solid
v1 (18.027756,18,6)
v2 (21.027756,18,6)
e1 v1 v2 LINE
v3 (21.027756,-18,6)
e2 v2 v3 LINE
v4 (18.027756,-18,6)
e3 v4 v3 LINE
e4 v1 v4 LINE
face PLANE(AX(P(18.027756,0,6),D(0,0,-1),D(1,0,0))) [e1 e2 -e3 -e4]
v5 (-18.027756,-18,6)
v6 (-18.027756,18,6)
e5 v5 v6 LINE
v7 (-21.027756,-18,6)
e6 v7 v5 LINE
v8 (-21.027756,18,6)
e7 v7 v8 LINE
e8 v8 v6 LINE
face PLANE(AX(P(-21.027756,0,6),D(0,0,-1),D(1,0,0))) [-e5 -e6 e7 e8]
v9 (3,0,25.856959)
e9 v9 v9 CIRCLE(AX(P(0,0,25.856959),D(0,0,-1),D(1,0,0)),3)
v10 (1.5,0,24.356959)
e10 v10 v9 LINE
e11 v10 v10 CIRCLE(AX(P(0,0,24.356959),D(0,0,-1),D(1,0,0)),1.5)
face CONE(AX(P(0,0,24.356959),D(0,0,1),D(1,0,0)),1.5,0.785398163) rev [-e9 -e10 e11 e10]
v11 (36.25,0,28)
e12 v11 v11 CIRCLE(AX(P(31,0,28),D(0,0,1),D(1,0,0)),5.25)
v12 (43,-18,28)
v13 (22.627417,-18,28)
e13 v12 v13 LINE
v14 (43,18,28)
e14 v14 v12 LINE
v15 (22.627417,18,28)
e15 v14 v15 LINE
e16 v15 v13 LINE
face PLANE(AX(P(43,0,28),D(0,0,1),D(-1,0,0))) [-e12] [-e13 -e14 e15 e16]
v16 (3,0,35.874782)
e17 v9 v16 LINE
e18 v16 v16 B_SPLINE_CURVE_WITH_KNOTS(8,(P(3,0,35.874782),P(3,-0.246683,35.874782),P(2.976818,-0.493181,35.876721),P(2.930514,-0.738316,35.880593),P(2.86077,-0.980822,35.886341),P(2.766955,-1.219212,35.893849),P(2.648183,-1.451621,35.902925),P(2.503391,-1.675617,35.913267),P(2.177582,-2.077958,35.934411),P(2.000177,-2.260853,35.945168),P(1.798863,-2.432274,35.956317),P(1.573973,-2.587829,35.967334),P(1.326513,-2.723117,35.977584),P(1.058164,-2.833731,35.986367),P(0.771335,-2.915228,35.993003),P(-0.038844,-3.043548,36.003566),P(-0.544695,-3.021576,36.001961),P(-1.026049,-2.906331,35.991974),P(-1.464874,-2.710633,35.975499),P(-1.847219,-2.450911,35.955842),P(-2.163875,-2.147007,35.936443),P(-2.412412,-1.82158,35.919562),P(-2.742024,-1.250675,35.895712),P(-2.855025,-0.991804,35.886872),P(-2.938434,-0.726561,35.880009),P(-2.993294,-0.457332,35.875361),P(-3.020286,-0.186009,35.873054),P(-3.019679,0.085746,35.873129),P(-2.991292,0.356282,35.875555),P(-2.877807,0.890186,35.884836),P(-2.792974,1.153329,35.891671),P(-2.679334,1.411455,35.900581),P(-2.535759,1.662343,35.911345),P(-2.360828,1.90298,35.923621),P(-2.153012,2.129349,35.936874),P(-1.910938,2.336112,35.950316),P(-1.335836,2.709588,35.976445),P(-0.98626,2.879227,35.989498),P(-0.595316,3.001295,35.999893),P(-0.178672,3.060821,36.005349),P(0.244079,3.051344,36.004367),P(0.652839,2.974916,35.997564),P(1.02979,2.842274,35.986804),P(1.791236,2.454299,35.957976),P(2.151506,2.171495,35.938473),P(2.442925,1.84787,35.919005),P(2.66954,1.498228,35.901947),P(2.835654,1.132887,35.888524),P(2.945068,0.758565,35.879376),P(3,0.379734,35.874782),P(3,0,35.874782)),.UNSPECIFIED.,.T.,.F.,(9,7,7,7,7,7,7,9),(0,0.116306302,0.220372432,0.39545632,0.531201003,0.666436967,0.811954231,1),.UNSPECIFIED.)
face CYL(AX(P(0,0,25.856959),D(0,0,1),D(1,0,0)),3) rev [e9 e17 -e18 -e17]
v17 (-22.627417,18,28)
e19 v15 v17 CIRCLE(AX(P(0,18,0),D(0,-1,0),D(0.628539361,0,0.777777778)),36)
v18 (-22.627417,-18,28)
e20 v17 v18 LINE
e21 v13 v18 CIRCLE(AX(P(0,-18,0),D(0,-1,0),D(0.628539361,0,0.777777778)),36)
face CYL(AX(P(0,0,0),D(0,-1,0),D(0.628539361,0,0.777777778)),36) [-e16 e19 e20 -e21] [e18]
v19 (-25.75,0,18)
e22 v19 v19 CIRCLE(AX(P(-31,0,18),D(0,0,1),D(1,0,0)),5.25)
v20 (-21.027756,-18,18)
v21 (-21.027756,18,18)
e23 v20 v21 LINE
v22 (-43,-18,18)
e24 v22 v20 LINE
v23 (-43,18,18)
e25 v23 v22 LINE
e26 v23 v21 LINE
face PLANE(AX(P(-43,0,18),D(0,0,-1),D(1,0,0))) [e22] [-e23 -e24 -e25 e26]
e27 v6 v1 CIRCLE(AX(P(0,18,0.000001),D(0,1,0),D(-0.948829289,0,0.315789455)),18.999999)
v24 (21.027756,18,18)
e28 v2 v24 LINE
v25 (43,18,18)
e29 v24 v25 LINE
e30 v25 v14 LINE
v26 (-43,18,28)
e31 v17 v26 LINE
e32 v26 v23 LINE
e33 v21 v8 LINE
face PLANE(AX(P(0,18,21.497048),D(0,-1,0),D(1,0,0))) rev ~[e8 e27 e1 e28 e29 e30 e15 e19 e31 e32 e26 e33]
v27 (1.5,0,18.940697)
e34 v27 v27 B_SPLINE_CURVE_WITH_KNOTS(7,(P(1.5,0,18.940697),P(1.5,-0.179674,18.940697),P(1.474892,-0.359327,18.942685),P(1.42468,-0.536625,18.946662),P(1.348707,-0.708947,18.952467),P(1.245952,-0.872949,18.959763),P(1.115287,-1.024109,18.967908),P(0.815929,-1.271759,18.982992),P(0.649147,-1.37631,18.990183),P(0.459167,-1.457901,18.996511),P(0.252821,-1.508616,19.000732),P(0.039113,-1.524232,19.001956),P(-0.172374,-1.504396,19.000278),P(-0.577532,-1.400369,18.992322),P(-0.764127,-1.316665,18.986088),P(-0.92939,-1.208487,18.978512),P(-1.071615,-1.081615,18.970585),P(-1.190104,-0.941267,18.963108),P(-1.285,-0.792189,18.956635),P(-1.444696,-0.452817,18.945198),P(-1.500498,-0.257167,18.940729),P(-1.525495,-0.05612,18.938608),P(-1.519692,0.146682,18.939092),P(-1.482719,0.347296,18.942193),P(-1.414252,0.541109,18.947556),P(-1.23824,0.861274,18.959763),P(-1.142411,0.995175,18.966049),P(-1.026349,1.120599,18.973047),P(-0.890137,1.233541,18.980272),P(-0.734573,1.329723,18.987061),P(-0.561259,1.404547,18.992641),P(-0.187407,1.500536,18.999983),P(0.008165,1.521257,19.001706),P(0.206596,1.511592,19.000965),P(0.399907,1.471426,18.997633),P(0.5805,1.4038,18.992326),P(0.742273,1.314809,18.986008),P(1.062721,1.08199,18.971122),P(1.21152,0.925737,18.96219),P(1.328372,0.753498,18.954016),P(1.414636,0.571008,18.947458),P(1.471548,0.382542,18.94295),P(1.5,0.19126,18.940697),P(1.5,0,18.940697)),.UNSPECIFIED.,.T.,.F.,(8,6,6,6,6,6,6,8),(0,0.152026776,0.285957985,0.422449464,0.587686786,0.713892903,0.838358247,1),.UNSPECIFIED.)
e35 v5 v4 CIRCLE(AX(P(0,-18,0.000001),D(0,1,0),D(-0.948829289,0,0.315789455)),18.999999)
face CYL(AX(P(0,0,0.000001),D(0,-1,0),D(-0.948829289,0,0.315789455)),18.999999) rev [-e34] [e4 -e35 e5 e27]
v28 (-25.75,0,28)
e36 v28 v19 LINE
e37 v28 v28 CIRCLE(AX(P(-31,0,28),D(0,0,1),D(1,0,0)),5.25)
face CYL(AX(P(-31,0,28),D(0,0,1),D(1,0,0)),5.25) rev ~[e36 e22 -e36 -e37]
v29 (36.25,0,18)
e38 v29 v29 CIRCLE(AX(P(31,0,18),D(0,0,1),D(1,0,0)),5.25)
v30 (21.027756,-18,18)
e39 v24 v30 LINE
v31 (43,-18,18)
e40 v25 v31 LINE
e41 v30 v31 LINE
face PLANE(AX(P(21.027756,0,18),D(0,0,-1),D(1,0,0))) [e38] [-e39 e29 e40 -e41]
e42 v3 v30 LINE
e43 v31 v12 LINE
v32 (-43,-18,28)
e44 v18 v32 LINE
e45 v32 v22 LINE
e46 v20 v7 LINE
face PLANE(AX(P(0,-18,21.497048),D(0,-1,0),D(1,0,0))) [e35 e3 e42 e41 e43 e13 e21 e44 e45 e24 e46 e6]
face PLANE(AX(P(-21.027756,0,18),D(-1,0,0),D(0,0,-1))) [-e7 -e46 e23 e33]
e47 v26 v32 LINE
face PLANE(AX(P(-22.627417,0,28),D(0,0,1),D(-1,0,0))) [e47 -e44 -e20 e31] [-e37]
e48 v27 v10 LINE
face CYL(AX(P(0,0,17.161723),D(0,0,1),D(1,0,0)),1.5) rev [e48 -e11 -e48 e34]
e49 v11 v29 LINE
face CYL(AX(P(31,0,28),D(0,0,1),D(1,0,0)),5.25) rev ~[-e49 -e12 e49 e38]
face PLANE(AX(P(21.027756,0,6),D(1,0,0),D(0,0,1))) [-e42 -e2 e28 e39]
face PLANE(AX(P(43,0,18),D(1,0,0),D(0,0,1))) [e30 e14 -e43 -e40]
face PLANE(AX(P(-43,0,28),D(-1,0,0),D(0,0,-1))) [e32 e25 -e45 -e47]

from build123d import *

# Parameters (mm, degrees)
F1_DEPTH = 18
F2_R     = 5.25
F3_DEPTH = 25


with BuildPart() as f1:
    # F0 (on Front) → F1 (new body, symmetric)
    with BuildSketch(Plane.XZ):
        with BuildLine():
            ThreePointArc((-18.027756, 6), (0, 19), (18.027756, 6))
            Line((18.027756, 6), (21.027756, 6))
            Line((21.027756, 6), (21.027756, 18))
            Line((21.027756, 18), (43, 18))
            Line((43, 18), (43, 28))
            Line((43, 28), (22.627417, 28))
            ThreePointArc((22.627417, 28), (0, 36), (-22.627417, 28))
            Line((-22.627417, 28), (-43, 28))
            Line((-43, 28), (-43, 18))
            Line((-43, 18), (-21.027756, 18))
            Line((-21.027756, 18), (-21.027756, 6))
            Line((-21.027756, 6), (-18.027756, 6))
        make_face()
    extrude(amount=F1_DEPTH, both=True)

    # F2 (on face) → F3 (cut)
    with BuildSketch(Plane.XY.offset(28)):
        with Locations((-31, 0)):
            Circle(F2_R)
        with Locations((31, 0)):
            Circle(F2_R)
    extrude(amount=-F3_DEPTH, mode=Mode.SUBTRACT)

    # F4 (on Front) → F5 (revolve, cut)
    with BuildSketch(Plane.XZ):
        Polygon((3, 40.073246), (0, 40.122432), (0, 17.161723), (1.5, 17.161723), (1.5, 24.356959), (3, 25.856959), align=None)
    revolve(axis=Axis((0, 0, 25.428471), (0, 0, -1)), mode=Mode.SUBTRACT)


solid = f1.part
